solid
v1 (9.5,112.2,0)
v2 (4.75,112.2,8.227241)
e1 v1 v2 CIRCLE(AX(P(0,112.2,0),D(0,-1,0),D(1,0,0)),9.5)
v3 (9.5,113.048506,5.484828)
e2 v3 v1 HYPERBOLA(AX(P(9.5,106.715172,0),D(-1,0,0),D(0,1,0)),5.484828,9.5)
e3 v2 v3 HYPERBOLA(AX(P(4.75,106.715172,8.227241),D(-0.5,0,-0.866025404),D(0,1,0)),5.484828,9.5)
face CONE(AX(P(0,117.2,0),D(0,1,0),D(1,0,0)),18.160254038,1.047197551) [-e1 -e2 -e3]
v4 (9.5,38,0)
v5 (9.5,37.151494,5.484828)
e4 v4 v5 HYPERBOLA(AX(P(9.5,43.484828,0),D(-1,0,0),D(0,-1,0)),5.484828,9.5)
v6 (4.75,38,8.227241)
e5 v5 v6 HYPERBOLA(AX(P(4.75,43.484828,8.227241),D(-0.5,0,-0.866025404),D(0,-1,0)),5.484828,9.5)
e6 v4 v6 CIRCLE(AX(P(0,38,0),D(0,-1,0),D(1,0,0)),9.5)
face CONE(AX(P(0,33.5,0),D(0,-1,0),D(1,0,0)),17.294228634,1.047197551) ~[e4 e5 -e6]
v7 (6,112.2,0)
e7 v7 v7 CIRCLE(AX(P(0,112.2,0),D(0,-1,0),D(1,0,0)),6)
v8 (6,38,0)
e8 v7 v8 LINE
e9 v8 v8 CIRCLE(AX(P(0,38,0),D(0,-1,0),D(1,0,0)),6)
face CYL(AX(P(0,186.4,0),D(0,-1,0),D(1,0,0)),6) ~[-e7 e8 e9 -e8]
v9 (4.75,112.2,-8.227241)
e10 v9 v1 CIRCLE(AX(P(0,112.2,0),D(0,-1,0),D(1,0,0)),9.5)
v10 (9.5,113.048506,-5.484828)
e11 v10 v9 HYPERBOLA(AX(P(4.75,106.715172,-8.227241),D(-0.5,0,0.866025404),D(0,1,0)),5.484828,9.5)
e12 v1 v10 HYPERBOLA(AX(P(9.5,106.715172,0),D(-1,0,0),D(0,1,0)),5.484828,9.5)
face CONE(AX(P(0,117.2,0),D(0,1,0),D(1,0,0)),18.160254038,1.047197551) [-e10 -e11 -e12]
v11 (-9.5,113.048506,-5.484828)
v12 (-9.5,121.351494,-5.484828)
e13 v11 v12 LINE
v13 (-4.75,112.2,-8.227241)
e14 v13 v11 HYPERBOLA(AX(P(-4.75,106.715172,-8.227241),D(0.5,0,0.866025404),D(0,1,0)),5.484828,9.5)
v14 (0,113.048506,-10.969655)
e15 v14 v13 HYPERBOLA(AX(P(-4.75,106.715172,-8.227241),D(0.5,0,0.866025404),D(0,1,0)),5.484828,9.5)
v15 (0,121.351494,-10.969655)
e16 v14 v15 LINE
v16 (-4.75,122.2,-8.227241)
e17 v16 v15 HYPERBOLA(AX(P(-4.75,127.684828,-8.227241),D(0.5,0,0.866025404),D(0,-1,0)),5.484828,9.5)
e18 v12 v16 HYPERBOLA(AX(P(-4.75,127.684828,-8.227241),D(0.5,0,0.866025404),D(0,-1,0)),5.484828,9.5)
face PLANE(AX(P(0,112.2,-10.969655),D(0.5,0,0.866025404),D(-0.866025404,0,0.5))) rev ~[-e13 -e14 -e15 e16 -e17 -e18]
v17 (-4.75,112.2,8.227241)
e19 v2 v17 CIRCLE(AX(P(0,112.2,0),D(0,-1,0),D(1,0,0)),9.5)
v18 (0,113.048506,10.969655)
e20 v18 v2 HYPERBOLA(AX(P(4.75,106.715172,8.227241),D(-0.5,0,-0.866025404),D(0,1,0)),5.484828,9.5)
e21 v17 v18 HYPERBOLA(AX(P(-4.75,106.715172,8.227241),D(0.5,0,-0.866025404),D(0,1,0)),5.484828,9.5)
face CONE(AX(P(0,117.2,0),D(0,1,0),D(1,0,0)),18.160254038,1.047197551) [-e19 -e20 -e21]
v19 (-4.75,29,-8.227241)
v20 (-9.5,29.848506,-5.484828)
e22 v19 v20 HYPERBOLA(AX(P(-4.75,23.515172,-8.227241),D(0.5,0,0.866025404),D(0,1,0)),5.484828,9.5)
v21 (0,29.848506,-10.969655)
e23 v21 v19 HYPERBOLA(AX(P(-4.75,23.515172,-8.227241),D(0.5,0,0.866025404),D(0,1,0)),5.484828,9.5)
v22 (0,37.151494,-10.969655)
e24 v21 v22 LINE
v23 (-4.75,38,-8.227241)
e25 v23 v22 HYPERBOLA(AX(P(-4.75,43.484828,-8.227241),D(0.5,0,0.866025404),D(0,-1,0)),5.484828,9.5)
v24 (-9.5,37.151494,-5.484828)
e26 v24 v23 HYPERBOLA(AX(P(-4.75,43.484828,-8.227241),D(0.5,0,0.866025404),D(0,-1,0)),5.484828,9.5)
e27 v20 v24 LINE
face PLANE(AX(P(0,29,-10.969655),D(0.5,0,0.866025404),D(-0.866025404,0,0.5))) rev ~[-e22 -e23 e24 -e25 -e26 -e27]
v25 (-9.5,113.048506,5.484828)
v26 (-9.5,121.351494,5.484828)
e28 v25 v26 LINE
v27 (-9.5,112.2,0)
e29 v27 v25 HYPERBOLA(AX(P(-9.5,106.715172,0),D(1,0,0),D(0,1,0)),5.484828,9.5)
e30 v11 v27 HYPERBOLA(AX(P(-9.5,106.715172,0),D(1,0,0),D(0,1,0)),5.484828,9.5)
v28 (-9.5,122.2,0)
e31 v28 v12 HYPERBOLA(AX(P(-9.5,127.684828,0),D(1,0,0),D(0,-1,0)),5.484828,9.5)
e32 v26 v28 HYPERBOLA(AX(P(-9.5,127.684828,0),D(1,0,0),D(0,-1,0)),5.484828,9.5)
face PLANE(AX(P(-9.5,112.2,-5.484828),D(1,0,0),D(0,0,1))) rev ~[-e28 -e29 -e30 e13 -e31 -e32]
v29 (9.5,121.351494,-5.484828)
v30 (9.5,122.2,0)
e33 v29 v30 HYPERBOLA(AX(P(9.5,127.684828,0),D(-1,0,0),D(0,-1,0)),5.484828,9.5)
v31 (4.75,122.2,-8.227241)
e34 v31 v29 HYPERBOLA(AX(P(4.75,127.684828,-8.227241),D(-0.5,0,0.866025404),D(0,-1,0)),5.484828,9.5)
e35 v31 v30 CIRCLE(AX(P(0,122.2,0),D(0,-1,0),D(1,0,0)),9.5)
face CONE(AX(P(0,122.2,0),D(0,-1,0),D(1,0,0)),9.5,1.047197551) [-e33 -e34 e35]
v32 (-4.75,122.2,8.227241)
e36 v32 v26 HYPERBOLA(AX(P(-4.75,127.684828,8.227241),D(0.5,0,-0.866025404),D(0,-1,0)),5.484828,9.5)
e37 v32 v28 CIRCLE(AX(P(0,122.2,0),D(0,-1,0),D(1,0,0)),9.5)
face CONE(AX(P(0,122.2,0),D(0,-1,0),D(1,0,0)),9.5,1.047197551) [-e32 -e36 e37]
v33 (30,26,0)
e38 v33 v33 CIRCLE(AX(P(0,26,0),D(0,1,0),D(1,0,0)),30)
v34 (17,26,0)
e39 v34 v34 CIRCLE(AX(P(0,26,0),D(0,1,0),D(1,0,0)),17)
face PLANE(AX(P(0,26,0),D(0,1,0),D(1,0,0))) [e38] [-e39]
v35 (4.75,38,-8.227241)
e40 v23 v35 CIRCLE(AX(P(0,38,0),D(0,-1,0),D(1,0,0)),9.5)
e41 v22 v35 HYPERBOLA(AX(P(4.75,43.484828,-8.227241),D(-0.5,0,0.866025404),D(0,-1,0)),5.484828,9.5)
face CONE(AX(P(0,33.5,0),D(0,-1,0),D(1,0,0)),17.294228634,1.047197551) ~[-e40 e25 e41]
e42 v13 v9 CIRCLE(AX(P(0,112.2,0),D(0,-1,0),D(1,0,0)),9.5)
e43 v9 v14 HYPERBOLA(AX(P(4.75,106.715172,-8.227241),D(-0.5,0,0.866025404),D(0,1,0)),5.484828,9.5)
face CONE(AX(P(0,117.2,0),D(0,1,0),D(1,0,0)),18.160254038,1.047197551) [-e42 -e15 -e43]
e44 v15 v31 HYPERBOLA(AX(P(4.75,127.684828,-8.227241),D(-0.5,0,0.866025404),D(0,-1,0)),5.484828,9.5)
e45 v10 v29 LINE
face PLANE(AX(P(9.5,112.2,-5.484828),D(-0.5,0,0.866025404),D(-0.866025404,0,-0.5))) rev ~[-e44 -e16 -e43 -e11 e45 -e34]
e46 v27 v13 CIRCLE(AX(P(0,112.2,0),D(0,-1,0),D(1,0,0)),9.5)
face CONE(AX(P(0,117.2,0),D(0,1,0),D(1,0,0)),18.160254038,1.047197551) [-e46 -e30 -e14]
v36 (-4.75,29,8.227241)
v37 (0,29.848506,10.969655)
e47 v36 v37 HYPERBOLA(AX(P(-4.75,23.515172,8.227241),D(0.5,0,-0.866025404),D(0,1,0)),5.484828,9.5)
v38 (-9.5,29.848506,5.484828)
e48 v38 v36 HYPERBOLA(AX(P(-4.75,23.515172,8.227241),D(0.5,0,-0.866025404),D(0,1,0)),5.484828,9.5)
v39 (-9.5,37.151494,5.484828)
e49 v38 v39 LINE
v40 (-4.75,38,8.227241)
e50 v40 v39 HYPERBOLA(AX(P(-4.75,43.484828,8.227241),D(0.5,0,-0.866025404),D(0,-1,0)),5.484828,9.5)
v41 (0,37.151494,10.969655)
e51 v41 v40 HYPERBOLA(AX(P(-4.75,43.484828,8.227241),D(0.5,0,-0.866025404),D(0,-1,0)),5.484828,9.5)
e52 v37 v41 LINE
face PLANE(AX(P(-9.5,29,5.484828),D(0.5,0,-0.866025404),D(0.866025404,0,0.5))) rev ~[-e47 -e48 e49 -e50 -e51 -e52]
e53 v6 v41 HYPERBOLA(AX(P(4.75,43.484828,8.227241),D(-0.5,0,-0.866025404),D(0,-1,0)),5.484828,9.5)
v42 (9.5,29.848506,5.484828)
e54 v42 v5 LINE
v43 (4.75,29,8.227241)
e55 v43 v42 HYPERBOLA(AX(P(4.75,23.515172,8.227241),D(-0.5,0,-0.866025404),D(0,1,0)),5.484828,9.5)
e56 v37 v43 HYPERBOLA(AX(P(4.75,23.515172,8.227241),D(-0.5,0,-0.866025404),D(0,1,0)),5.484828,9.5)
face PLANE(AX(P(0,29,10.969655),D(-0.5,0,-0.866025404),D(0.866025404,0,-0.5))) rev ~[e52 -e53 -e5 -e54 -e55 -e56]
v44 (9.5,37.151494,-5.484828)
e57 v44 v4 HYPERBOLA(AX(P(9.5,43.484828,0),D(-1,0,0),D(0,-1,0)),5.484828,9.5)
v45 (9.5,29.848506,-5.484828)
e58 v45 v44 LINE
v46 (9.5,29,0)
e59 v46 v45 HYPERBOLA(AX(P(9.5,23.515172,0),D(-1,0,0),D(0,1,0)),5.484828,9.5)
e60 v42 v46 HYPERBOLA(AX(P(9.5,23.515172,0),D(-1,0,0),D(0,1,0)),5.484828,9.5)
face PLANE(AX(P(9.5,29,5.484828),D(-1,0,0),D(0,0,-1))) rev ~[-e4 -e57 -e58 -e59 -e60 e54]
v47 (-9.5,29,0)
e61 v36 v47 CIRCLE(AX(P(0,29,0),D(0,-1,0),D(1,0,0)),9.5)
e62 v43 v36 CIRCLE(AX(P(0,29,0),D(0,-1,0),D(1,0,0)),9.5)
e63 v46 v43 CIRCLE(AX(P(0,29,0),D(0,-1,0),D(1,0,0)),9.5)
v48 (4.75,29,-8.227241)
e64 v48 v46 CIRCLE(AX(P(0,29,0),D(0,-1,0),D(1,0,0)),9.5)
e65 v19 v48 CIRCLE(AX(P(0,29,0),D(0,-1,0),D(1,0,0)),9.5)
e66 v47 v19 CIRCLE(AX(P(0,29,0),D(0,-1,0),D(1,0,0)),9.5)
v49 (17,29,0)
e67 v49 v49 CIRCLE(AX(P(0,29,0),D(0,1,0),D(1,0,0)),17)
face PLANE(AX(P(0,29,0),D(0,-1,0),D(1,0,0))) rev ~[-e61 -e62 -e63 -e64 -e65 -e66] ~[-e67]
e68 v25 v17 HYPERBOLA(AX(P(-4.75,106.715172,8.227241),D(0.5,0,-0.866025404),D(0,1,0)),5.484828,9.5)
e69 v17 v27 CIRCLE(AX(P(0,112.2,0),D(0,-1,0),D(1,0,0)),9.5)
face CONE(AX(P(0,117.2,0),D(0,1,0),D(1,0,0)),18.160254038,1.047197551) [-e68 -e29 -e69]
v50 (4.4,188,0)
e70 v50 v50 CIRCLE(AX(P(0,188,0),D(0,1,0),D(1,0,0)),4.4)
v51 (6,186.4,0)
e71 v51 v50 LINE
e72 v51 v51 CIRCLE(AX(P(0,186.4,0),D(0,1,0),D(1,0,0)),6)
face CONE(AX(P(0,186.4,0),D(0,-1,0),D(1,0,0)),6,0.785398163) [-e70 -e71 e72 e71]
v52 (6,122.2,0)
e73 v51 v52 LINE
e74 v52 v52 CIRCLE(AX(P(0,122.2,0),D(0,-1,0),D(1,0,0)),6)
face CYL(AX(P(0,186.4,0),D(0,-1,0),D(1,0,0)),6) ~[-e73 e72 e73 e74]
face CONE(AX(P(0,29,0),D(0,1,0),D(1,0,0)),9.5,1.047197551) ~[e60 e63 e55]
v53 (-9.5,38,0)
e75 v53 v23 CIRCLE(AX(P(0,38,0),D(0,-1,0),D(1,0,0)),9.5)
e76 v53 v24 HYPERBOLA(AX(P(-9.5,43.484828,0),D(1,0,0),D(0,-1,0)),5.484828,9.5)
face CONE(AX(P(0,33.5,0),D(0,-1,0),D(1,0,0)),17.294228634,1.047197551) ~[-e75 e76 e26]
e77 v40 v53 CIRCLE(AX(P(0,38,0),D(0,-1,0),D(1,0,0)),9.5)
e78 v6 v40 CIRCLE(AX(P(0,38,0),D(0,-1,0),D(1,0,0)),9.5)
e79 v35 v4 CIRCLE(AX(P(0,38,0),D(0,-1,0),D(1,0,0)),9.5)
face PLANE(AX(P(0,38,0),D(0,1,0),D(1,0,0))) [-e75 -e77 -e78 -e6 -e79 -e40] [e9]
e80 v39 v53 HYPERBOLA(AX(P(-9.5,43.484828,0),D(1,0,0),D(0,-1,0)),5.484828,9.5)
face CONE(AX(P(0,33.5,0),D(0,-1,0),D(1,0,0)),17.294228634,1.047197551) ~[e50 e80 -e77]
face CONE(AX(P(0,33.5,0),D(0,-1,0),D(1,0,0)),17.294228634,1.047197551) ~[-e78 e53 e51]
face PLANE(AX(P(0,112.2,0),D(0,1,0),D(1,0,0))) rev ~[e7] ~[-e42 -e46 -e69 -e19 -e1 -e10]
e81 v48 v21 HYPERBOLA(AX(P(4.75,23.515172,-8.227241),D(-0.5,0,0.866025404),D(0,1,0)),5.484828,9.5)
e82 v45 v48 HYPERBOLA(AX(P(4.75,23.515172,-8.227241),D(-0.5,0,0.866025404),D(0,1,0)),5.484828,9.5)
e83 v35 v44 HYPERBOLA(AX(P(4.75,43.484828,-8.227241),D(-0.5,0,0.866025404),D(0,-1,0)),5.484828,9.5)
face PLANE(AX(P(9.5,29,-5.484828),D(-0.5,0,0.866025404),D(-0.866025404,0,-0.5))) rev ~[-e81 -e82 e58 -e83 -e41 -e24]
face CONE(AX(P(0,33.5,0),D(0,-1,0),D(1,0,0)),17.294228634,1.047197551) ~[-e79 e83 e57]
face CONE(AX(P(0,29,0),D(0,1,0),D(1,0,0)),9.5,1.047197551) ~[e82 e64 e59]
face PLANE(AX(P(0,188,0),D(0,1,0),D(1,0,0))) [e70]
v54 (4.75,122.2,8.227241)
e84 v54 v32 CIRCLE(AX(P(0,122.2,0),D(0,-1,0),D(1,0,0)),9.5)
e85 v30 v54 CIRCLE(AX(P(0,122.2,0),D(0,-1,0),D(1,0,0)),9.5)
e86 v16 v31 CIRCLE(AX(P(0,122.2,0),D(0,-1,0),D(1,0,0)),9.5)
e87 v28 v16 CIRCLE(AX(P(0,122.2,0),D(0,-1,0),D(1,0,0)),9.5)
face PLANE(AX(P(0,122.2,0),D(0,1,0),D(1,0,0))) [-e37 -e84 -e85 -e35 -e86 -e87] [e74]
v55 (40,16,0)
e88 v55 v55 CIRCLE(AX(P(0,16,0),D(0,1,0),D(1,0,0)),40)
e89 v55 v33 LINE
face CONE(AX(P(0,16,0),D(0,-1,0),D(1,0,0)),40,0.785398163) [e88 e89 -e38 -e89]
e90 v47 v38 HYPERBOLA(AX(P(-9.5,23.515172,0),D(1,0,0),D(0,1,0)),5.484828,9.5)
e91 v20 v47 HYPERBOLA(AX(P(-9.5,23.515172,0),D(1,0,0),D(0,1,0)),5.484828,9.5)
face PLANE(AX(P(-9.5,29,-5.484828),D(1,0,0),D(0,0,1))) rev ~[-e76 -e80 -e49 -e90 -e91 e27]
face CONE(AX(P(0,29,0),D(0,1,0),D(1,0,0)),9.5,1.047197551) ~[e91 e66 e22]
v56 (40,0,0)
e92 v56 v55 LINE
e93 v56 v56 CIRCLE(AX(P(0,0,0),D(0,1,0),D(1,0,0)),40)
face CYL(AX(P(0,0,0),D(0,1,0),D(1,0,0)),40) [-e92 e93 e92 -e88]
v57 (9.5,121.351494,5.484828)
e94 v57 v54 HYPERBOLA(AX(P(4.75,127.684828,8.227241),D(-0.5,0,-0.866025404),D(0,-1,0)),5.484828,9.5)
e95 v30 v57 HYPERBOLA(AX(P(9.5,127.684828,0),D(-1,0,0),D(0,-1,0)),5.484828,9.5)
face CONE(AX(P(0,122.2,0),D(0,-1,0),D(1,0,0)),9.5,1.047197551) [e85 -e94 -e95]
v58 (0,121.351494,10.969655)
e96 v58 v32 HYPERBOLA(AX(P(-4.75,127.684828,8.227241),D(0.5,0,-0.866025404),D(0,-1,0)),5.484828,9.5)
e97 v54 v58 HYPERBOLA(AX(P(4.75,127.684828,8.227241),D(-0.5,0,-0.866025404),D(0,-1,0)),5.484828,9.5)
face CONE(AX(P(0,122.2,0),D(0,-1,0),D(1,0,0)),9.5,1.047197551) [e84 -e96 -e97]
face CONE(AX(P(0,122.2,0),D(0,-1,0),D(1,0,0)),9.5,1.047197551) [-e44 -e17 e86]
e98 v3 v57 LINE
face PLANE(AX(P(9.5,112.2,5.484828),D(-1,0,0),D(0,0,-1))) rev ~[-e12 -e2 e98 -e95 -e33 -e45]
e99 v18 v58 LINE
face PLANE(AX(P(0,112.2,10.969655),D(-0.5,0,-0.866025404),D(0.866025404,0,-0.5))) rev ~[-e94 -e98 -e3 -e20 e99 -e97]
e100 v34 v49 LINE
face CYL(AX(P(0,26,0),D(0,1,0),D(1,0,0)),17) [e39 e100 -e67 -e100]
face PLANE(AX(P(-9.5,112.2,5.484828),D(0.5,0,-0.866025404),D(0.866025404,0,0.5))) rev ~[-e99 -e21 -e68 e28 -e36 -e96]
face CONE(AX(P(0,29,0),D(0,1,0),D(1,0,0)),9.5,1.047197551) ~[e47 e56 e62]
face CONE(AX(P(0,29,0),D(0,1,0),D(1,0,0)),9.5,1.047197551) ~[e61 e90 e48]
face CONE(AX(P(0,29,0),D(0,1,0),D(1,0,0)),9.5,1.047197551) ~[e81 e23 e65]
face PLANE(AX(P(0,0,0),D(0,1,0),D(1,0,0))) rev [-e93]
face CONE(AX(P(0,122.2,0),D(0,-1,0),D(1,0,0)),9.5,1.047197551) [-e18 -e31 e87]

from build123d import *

# Parameters (mm, degrees)
EXTRUDE_1_DEPTH = 9
EXTRUDE_2_DEPTH = 10


with BuildPart() as part:
    # Эскиз1 → Повернуть1 (revolve)
    with BuildSketch(Plane.XY, mode=Mode.PRIVATE) as revolve_1_sk:
        Polygon((0, 0), (-40, 0), (-40, 16), (-30, 26), (-17, 26), (-17, 29), (-6, 29), (-6, 38), (-6, 186.4), (-4.4, 188), (0, 188), align=None)
    revolve(revolve_1_sk.sketch.rotate(Axis((0, 0, 0), (0, 1, 0)), 180), axis=Axis((0, 0, 0), (0, 1, 0)))  # turned: the seam where the file's is

    # Эскиз2 → Бобышка-Вытянуть1 (add)
    with BuildSketch(Plane(origin=(0, 29, 0), x_dir=(1, 0, 0), z_dir=(0, 1, 0))):
        Polygon((0, 10.969655115), (-9.5, 5.484827557), (-9.5, -5.484827557), (0, -10.969655115), (9.5, -5.484827557), (9.5, 5.484827557), align=None)
    extrude(amount=EXTRUDE_1_DEPTH)

    # Эскиз3 → Бобышка-Вытянуть2 (add)
    with BuildSketch(Plane(origin=(0, 112.2, 0), x_dir=(1, 0, 0), z_dir=(0, 1, 0))):
        Polygon((9.5, 5.484827557), (0, 10.969655115), (-9.5, 5.484827557), (-9.5, -5.484827557), (0, -10.969655115), (9.5, -5.484827557), align=None)
    extrude(amount=EXTRUDE_2_DEPTH)

    # Эскиз4 → Вырез-Повернуть2 (revolve, cut)
    with BuildSketch(Plane.XY, mode=Mode.PRIVATE) as cut_revolve_2_sk:
        Polygon((-18.160254038, 122.2), (-9.5, 122.2), (-18.160254038, 117.2), align=None)
        Polygon((-18.160254038, 112.2), (-18.160254038, 117.2), (-9.5, 112.2), align=None)
        Polygon((-17.294228634, 38), (-17.294228634, 33.5), (-9.5, 38), align=None)
        Polygon((-17.294228634, 33.5), (-17.294228634, 29), (-9.5, 29), align=None)
    revolve(cut_revolve_2_sk.sketch.rotate(Axis((0, 188, 0), (0, -1, 0)), 180), axis=Axis((0, 188, 0), (0, -1, 0)), mode=Mode.SUBTRACT)  # turned: the seam where the file's is


solid = part.part
